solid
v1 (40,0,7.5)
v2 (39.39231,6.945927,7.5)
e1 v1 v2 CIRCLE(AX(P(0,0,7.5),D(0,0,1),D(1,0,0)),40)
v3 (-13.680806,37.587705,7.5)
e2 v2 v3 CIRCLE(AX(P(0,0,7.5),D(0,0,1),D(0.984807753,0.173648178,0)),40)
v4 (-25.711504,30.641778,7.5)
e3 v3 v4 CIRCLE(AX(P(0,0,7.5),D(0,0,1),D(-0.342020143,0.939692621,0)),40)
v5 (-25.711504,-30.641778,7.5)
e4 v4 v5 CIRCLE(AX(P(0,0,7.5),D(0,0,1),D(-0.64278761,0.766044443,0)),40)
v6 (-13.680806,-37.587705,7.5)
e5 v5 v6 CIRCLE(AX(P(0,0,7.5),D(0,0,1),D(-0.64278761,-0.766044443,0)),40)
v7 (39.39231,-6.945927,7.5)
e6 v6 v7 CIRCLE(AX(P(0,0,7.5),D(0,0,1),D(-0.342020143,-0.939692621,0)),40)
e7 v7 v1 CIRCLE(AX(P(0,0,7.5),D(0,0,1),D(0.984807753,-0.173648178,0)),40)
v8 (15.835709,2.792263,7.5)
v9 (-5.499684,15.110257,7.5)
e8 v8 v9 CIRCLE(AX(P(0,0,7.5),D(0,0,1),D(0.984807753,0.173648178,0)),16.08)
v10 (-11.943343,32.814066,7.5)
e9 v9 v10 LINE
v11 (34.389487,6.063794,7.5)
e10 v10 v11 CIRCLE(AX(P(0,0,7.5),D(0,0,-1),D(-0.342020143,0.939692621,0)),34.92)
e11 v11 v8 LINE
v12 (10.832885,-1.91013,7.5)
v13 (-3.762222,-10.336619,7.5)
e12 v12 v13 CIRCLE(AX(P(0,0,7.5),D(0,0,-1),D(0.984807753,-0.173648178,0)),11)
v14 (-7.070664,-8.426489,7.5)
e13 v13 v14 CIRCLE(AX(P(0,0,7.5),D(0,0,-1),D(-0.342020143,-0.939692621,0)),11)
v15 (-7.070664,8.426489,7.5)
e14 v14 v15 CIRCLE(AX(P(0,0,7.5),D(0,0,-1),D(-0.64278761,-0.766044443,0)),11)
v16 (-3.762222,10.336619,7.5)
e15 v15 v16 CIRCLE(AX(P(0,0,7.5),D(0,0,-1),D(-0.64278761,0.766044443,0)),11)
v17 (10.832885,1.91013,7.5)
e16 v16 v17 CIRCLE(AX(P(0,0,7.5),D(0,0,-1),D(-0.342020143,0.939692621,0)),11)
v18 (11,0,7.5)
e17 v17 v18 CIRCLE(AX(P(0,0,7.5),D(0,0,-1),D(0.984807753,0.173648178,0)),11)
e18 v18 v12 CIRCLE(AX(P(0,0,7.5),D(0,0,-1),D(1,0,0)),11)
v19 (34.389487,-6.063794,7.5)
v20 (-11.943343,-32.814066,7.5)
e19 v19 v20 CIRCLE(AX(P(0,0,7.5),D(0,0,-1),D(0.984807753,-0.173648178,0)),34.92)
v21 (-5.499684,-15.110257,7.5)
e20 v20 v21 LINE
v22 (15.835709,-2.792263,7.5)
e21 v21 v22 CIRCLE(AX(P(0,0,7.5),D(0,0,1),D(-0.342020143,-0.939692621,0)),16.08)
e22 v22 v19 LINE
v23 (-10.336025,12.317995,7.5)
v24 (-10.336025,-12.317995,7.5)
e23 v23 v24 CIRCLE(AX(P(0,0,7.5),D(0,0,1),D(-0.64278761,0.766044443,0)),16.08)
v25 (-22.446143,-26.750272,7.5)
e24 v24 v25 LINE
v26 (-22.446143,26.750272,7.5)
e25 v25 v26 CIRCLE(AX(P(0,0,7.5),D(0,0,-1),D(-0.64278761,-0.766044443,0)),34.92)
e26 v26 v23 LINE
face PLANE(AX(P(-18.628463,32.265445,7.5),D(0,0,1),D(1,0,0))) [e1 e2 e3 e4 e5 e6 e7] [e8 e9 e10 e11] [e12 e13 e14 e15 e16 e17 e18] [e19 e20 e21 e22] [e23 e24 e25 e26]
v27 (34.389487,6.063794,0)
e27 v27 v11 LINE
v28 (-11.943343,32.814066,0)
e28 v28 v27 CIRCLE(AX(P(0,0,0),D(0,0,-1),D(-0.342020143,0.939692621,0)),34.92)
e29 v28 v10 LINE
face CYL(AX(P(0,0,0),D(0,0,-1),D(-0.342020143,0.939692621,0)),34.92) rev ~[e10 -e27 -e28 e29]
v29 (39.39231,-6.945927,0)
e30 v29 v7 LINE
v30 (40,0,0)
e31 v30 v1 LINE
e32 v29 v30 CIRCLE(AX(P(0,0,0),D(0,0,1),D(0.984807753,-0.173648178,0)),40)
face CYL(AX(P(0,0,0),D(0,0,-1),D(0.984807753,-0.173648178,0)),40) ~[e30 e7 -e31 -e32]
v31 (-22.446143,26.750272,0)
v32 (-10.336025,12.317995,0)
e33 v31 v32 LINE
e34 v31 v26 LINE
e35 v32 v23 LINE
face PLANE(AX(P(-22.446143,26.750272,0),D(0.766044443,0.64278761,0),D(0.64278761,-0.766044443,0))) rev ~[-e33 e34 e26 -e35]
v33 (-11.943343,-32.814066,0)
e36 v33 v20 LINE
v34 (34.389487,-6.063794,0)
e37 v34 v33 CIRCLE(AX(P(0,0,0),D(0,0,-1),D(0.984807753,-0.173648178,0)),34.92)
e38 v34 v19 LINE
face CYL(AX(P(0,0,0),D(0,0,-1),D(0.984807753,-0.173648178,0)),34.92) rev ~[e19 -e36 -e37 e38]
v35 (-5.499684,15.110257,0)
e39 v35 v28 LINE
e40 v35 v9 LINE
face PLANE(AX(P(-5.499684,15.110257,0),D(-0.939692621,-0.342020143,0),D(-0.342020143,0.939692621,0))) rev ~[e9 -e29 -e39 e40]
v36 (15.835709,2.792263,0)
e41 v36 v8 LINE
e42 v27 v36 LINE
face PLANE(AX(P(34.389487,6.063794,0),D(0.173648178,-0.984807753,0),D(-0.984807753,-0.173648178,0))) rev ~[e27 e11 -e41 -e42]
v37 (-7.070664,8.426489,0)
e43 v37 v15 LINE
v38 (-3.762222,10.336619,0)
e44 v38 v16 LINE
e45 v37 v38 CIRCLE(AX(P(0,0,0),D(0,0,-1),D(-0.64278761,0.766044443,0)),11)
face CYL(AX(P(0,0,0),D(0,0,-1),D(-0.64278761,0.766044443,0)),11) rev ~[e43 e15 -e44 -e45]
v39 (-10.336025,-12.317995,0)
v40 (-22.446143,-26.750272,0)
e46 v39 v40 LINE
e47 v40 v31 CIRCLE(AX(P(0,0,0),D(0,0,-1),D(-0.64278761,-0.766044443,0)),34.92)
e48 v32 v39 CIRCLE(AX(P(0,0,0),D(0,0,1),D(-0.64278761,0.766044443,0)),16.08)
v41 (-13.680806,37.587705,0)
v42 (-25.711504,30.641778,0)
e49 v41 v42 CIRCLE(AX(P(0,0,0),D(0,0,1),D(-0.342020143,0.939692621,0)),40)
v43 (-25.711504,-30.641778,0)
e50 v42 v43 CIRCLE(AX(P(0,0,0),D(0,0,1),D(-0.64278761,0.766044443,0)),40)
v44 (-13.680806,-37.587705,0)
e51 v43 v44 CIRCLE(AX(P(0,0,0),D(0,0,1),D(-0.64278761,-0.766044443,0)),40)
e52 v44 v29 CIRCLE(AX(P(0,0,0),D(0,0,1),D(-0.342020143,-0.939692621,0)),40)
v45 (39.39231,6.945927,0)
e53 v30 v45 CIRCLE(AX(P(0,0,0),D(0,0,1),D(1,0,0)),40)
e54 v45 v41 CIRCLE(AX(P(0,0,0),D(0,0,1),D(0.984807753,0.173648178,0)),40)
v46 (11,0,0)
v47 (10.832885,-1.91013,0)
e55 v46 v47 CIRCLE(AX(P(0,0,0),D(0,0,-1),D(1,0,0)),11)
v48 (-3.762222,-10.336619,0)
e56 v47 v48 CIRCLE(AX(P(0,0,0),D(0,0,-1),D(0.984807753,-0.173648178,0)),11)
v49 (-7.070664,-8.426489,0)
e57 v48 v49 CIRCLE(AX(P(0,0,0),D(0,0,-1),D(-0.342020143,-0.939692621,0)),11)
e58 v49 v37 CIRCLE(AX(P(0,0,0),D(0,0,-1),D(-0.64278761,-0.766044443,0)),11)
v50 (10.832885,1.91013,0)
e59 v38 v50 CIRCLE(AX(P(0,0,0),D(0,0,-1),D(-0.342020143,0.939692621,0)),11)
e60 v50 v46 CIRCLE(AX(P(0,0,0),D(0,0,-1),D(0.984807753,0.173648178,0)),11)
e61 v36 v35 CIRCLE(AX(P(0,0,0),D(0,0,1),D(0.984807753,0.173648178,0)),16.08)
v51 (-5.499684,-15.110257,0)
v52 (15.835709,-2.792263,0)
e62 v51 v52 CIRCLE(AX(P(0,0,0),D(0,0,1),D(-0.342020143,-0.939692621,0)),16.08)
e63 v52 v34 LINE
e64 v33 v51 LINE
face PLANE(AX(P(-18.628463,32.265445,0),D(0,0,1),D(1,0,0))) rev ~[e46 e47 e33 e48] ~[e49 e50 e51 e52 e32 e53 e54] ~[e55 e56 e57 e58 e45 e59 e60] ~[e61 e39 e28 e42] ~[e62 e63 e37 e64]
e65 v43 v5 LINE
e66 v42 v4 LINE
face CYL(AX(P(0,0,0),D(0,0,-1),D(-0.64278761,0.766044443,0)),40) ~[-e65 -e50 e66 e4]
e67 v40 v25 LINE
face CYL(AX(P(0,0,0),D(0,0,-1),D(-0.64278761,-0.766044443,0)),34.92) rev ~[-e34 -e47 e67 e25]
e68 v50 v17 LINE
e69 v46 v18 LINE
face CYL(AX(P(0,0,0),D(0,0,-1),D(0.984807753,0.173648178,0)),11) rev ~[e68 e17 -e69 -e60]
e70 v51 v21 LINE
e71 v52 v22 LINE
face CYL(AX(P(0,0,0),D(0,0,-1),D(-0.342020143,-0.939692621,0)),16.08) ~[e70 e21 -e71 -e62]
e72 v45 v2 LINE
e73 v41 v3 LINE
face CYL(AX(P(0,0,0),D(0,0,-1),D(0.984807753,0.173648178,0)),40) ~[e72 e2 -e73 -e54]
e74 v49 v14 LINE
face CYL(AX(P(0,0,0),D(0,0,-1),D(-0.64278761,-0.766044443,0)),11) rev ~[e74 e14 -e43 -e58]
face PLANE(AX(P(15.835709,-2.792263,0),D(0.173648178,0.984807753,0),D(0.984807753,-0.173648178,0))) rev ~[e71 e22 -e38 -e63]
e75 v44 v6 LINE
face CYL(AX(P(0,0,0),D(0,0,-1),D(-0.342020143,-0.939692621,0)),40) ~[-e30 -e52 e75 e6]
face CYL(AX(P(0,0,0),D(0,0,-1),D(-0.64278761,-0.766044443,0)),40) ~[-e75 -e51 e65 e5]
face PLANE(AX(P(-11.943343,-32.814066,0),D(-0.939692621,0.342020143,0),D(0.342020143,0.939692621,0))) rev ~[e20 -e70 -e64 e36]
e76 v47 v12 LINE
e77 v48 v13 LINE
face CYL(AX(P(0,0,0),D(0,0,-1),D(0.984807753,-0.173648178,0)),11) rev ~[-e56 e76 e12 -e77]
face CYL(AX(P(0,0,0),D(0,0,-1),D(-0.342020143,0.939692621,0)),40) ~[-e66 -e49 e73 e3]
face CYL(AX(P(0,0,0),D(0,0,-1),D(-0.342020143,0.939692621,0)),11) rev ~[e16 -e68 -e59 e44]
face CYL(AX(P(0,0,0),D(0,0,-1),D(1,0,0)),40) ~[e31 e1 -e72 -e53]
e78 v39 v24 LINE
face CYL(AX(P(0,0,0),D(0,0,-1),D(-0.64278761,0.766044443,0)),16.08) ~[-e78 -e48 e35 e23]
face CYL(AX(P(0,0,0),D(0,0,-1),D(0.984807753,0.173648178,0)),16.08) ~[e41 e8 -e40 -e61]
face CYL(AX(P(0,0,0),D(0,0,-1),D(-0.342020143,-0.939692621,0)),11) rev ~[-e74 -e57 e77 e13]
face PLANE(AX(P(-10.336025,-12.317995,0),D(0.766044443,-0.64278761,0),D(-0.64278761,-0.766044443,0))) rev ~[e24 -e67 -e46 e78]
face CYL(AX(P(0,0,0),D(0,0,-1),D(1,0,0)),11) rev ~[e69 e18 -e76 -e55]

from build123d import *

# Parameters (mm, degrees)
F1_DEPTH = 7.5


with BuildPart() as f1:
    # F0 (on Top) → F1 (new body)
    with BuildSketch(Plane.XY):
        with BuildLine():
            ThreePointArc((-22.4461433303, 26.7502719537), (-17.46, 30.2416071002), (-11.9433434049, 32.8140663178))
            Line((-11.9433434049, 32.8140663178), (-13.680805733, 37.5877048314))
            ThreePointArc((-13.680805733, 37.5877048314), (-20, 34.6410161514), (-25.7115043875, 30.6417777248))
            Line((-25.7115043875, 30.6417777248), (-22.4461433303, 26.7502719537))
        make_face()
        with BuildLine():
            ThreePointArc((-22.4461433303, -26.7502719537), (-34.92, 0), (-22.4461433303, 26.7502719537))
            Line((-22.4461433303, 26.7502719537), (-25.7115043875, 30.6417777248))
            ThreePointArc((-25.7115043875, 30.6417777248), (-40, 0), (-25.7115043875, -30.6417777248))
            Line((-25.7115043875, -30.6417777248), (-22.4461433303, -26.7502719537))
        make_face()
        with BuildLine():
            ThreePointArc((-11.9433434049, 32.8140663178), (17.46, 30.2416071002), (34.3894867352, 6.0637943641))
            Line((34.3894867352, 6.0637943641), (39.3923101205, 6.9459271067))
            ThreePointArc((39.3923101205, 6.9459271067), (20, 34.6410161514), (-13.680805733, 37.5877048314))
            Line((-13.680805733, 37.5877048314), (-11.9433434049, 32.8140663178))
        make_face()
        with BuildLine():
            Line((39.3923101205, 6.9459271067), (34.3894867352, 6.0637943641))
            ThreePointArc((34.3894867352, 6.0637943641), (34.7871188574, 3.0434785367), (34.92, 0))
            ThreePointArc((34.92, 0), (34.7871188574, -3.0434785367), (34.3894867352, -6.0637943641))
            Line((34.3894867352, -6.0637943641), (39.3923101205, -6.9459271067))
            ThreePointArc((39.3923101205, -6.9459271067), (39.8477879237, -3.4862297099), (40, 0))
            ThreePointArc((40, 0), (39.8477879237, 3.4862297099), (39.3923101205, 6.9459271067))
        make_face()
        with BuildLine():
            Line((34.3894867352, 6.0637943641), (15.8357086684, 2.7922626969))
            ThreePointArc((15.8357086684, 2.7922626969), (16.0188107453, 1.4014643434), (16.08, 0))
            ThreePointArc((16.08, 0), (16.0188107453, -1.4014643434), (15.8357086684, -2.7922626969))
            Line((15.8357086684, -2.7922626969), (34.3894867352, -6.0637943641))
            ThreePointArc((34.3894867352, -6.0637943641), (34.7871188574, -3.0434785367), (34.92, 0))
            ThreePointArc((34.92, 0), (34.7871188574, 3.0434785367), (34.3894867352, 6.0637943641))
        make_face()
        with BuildLine():
            ThreePointArc((10.8328852831, 1.9101299543), (10.958141679, 0.9587131702), (11, 0))
            ThreePointArc((11, 0), (10.958141679, -0.9587131702), (10.8328852831, -1.9101299543))
            Line((10.8328852831, -1.9101299543), (15.8357086684, -2.7922626969))
            ThreePointArc((15.8357086684, -2.7922626969), (16.0188107453, -1.4014643434), (16.08, 0))
            ThreePointArc((16.08, 0), (16.0188107453, 1.4014643434), (15.8357086684, 2.7922626969))
            Line((15.8357086684, 2.7922626969), (10.8328852831, 1.9101299543))
        make_face()
        with BuildLine():
            ThreePointArc((-3.7622215766, 10.3366188286), (5.5, 9.5262794416), (10.8328852831, 1.9101299543))
            Line((10.8328852831, 1.9101299543), (15.8357086684, 2.7922626969))
            ThreePointArc((15.8357086684, 2.7922626969), (8.04, 13.9256884929), (-5.4996839047, 15.1102573422))
            Line((-5.4996839047, 15.1102573422), (-3.7622215766, 10.3366188286))
        make_face()
        with BuildLine():
            ThreePointArc((-7.0706637066, 8.4264888743), (-5.5, 9.5262794416), (-3.7622215766, 10.3366188286))
            Line((-3.7622215766, 10.3366188286), (-5.4996839047, 15.1102573422))
            ThreePointArc((-5.4996839047, 15.1102573422), (-8.04, 13.9256884929), (-10.3360247638, 12.3179946454))
            Line((-10.3360247638, 12.3179946454), (-7.0706637066, 8.4264888743))
        make_face()
        with BuildLine():
            ThreePointArc((-10.3360247638, 12.3179946454), (-8.04, 13.9256884929), (-5.4996839047, 15.1102573422))
            Line((-5.4996839047, 15.1102573422), (-11.9433434049, 32.8140663178))
            ThreePointArc((-11.9433434049, 32.8140663178), (-17.46, 30.2416071002), (-22.4461433303, 26.7502719537))
            Line((-22.4461433303, 26.7502719537), (-10.3360247638, 12.3179946454))
        make_face()
        with BuildLine():
            ThreePointArc((-7.0706637066, -8.4264888743), (-11, 0), (-7.0706637066, 8.4264888743))
            Line((-7.0706637066, 8.4264888743), (-10.3360247638, 12.3179946454))
            ThreePointArc((-10.3360247638, 12.3179946454), (-16.08, 0), (-10.3360247638, -12.3179946454))
            Line((-10.3360247638, -12.3179946454), (-7.0706637066, -8.4264888743))
        make_face()
        with BuildLine():
            Line((-5.4996839047, -15.1102573422), (-3.7622215766, -10.3366188286))
            ThreePointArc((-3.7622215766, -10.3366188286), (-5.5, -9.5262794416), (-7.0706637066, -8.4264888743))
            Line((-7.0706637066, -8.4264888743), (-10.3360247638, -12.3179946454))
            ThreePointArc((-10.3360247638, -12.3179946454), (-8.04, -13.9256884929), (-5.4996839047, -15.1102573422))
        make_face()
        with BuildLine():
            Line((15.8357086684, -2.7922626969), (10.8328852831, -1.9101299543))
            ThreePointArc((10.8328852831, -1.9101299543), (5.5, -9.5262794416), (-3.7622215766, -10.3366188286))
            Line((-3.7622215766, -10.3366188286), (-5.4996839047, -15.1102573422))
            ThreePointArc((-5.4996839047, -15.1102573422), (8.04, -13.9256884929), (15.8357086684, -2.7922626969))
        make_face()
        with BuildLine():
            Line((-11.9433434049, -32.8140663178), (-5.4996839047, -15.1102573422))
            ThreePointArc((-5.4996839047, -15.1102573422), (-8.04, -13.9256884929), (-10.3360247638, -12.3179946454))
            Line((-10.3360247638, -12.3179946454), (-22.4461433303, -26.7502719537))
            ThreePointArc((-22.4461433303, -26.7502719537), (-17.46, -30.2416071002), (-11.9433434049, -32.8140663178))
        make_face()
        with BuildLine():
            Line((-13.680805733, -37.5877048314), (-11.9433434049, -32.8140663178))
            ThreePointArc((-11.9433434049, -32.8140663178), (-17.46, -30.2416071002), (-22.4461433303, -26.7502719537))
            Line((-22.4461433303, -26.7502719537), (-25.7115043875, -30.6417777248))
            ThreePointArc((-25.7115043875, -30.6417777248), (-20, -34.6410161514), (-13.680805733, -37.5877048314))
        make_face()
        with BuildLine():
            Line((39.3923101205, -6.9459271067), (34.3894867352, -6.0637943641))
            ThreePointArc((34.3894867352, -6.0637943641), (17.46, -30.2416071002), (-11.9433434049, -32.8140663178))
            Line((-11.9433434049, -32.8140663178), (-13.680805733, -37.5877048314))
            ThreePointArc((-13.680805733, -37.5877048314), (20, -34.6410161514), (39.3923101205, -6.9459271067))
        make_face()
    extrude(amount=F1_DEPTH)


solid = f1.part
